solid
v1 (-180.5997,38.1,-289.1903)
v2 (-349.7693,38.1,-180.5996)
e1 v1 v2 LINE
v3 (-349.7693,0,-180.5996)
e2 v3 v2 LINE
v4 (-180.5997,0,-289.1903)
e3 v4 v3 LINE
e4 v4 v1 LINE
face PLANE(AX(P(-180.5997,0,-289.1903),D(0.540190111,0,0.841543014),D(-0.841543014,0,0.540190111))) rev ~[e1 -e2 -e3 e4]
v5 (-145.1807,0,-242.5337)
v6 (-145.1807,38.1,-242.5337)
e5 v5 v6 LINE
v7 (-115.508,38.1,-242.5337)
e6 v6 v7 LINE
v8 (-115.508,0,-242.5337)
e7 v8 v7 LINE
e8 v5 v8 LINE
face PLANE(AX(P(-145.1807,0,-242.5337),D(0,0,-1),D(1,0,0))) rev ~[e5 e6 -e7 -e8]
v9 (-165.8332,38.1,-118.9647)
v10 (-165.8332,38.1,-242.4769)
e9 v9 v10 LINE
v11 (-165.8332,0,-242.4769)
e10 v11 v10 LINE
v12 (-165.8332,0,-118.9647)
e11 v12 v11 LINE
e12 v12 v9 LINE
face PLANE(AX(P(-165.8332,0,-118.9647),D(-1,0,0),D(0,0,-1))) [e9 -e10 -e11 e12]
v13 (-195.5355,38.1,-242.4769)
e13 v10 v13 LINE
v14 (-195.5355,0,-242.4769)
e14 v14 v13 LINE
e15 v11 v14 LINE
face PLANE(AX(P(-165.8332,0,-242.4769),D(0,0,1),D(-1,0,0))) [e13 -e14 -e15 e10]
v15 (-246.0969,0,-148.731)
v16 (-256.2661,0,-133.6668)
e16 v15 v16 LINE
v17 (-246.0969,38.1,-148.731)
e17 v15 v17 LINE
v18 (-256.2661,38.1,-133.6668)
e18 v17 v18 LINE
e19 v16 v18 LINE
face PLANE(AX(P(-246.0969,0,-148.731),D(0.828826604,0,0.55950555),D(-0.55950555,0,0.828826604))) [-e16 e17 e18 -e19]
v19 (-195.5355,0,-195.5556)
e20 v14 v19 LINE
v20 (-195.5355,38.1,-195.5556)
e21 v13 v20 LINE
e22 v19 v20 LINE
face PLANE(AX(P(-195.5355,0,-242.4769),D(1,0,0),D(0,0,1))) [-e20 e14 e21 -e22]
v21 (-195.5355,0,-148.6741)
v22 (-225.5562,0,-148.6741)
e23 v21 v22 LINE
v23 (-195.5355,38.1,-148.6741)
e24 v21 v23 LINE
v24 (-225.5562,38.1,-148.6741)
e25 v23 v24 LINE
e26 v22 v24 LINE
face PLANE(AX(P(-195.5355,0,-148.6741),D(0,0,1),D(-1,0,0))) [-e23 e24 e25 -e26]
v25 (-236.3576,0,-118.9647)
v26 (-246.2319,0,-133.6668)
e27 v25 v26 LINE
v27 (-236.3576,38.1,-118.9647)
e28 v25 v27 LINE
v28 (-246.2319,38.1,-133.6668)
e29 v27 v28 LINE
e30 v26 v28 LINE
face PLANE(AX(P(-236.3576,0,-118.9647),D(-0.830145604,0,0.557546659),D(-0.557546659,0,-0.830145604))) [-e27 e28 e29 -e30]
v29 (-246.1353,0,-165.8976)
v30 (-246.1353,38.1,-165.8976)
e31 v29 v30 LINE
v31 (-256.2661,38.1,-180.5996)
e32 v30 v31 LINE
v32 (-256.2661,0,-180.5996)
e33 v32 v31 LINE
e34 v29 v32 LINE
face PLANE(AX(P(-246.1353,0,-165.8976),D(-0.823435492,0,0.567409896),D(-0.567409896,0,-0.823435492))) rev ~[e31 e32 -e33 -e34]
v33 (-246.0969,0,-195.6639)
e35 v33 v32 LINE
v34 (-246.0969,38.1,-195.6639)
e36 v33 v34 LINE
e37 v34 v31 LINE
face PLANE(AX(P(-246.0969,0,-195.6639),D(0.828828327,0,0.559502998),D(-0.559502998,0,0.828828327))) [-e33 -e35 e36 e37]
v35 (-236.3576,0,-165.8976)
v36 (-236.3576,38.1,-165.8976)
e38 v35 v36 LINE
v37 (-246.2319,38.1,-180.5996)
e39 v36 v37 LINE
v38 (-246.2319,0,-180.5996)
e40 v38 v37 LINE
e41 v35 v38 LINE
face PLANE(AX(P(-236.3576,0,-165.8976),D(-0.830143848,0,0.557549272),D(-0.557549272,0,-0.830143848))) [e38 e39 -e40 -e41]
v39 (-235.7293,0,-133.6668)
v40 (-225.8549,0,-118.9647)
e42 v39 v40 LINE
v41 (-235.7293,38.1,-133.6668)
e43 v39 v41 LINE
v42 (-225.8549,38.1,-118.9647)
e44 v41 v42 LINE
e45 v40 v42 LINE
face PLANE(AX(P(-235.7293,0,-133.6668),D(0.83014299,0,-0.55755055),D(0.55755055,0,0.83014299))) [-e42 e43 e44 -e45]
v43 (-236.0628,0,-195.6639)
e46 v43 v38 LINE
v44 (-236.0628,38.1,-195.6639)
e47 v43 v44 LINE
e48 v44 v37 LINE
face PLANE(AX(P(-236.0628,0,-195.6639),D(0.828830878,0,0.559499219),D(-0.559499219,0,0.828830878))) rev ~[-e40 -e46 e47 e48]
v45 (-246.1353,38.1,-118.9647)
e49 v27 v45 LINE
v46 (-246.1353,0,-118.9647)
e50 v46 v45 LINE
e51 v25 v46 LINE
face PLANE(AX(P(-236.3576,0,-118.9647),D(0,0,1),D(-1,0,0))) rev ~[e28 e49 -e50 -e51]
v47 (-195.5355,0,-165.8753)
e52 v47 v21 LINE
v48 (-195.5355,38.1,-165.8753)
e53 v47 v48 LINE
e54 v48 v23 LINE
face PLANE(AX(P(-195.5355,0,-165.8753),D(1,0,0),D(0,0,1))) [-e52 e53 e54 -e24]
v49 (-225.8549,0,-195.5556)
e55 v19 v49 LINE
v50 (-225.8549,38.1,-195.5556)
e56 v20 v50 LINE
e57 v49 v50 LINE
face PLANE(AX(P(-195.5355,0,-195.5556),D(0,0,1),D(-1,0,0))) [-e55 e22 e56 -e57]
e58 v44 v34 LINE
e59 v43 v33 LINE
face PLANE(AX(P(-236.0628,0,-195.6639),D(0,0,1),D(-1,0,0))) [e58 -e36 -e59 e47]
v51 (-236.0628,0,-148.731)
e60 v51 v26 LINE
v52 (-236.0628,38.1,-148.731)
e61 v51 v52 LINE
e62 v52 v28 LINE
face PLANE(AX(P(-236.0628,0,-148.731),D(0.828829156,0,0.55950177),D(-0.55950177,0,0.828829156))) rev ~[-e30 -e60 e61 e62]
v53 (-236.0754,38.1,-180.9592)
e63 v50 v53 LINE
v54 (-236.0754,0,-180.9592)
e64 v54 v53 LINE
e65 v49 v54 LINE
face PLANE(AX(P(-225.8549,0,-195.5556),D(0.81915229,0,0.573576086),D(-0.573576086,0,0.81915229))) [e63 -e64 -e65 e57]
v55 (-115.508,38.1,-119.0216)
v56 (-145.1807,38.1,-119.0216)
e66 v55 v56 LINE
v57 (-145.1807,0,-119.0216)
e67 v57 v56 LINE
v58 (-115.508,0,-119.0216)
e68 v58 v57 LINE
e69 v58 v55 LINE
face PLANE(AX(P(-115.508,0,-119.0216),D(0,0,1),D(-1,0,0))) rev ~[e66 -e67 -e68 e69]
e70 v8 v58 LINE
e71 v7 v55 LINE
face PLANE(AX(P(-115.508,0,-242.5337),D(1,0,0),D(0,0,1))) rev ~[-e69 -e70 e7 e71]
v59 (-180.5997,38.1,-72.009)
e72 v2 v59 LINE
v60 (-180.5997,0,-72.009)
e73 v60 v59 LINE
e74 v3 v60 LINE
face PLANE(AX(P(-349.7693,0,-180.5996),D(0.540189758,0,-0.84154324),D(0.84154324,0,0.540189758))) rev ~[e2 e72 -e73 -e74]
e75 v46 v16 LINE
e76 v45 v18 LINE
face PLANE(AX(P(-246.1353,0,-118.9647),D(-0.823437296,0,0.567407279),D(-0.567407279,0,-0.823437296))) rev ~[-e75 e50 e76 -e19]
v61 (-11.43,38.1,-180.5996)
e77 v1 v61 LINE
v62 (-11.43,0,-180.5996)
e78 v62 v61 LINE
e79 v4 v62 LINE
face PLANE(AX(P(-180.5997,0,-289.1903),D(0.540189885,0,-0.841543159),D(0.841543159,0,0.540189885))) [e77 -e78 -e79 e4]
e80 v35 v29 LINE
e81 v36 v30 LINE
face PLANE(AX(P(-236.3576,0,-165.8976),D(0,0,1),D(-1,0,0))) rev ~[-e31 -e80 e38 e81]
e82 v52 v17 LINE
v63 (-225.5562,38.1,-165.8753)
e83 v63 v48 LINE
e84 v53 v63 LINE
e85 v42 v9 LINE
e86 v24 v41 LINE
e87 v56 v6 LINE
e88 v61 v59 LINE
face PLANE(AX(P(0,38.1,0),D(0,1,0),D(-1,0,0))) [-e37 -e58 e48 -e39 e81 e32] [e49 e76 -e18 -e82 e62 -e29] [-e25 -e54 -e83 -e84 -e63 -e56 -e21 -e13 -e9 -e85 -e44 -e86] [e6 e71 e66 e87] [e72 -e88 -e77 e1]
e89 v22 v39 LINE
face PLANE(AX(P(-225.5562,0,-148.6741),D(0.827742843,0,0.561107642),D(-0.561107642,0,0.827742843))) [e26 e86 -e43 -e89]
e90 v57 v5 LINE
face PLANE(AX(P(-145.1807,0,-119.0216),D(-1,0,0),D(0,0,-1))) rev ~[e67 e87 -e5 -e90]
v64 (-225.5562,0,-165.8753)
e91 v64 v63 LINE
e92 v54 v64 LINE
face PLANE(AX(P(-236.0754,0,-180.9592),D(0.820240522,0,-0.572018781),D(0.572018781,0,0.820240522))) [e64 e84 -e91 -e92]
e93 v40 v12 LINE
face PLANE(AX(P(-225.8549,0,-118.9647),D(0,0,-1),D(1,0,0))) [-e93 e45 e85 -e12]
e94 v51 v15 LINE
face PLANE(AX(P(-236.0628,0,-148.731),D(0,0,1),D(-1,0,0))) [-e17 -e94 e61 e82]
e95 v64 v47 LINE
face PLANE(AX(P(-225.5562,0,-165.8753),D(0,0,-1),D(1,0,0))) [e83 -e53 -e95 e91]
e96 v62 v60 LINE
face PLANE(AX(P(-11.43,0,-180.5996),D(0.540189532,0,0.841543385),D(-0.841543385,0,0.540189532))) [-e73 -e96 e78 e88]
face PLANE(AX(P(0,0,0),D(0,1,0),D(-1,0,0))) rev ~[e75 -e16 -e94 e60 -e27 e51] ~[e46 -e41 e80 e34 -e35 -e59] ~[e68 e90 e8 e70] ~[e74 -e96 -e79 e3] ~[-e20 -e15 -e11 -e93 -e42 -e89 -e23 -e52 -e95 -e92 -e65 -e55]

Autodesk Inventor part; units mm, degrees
ref_plane "YZ Plane" through (0, 0, 0) normal (1, 0, 0) x (0, 1, 0)
ref_plane "XZ Plane" through (0, 0, 0) normal (0, 1, 0) x (-1, 0, 0)
ref_plane "XY Plane" through (0, 0, 0) normal (0, 0, 1) x (1, 0, 0)
sketch "Sketch1" plane through (0, 0, 0) normal (0, 1, 0) x (-1, 0, 0)
  line L0 (0, 0) -> (361.1993, 0) construction
  line L1 (361.1993, 0) -> (361.1993, -361.1993) construction
  line L2 (361.1993, -361.1993) -> (0, -361.1993) construction
  line L3 (0, -361.1993) -> (0, 0) construction
sketch "Sketch2" plane through (0, 0, 0) normal (0, 1, 0) x (-1, 0, 0)
  line L0 (0, -180.5996) -> (11.43, -180.5996)
  line L1 (11.43, -180.5996) -> (180.5997, -72.009)
  line L2 (180.5997, -289.1903) -> (11.43, -180.5996)
  line L3 (361.1993, -180.5996) -> (349.7693, -180.5996)
  line L4 (349.7693, -180.5996) -> (180.5997, -72.009)
  line L5 (180.5997, -289.1903) -> (349.7693, -180.5996)
  line L6 (115.508, -119.0216) -> (145.1807, -119.0216)
  line L7 (145.1807, -119.0216) -> (145.1807, -242.5337)
  line L8 (145.1807, -242.5337) -> (115.508, -242.5337)
  line L9 (115.508, -242.5337) -> (115.508, -119.0216)
  line L10 (165.8332, -118.9647) -> (165.8332, -242.4769)
  line L11 (165.8332, -242.4769) -> (195.5355, -242.4769)
  line L12 (195.5355, -242.4769) -> (195.5355, -195.5556)
  line L13 (195.5355, -195.5556) -> (225.8549, -195.5556)
  line L14 (225.8549, -195.5556) -> (236.0754, -180.9592)
  line L15 (236.0754, -180.9592) -> (225.5562, -165.8753)
  line L16 (225.5562, -165.8753) -> (195.5355, -165.8753)
  line L17 (195.5355, -165.8753) -> (195.5355, -148.6741)
  line L18 (195.5355, -148.6741) -> (225.5562, -148.6741)
  line L19 (225.5562, -148.6741) -> (235.7293, -133.6668)
  line L20 (235.7293, -133.6668) -> (225.8549, -118.9647)
  line L21 (225.8549, -118.9647) -> (165.8332, -118.9647)
  line L22 (236.3576, -118.9647) -> (246.1353, -118.9647)
  line L23 (246.1353, -118.9647) -> (256.2661, -133.6668)
  line L24 (236.0628, -148.731) -> (246.0969, -148.731)
  line L25 (246.0969, -148.731) -> (256.2661, -133.6668)
  line L26 (236.3576, -118.9647) -> (246.2319, -133.6668)
  line L27 (236.0628, -148.731) -> (246.2319, -133.6668)
  line L28 (236.3576, -165.8976) -> (246.1353, -165.8976)
  line L29 (246.1353, -165.8976) -> (256.2661, -180.5996)
  line L30 (236.0628, -195.6639) -> (246.0969, -195.6639)
  line L31 (246.0969, -195.6639) -> (256.2661, -180.5996)
  line L32 (236.3576, -165.8976) -> (246.2319, -180.5996)
  line L33 (236.0628, -195.6639) -> (246.2319, -180.5996)
  point P0 (0, 0)
  dimension "d1" = 11.43
  dimension "d3" = 11.43
  dimension "d4" = 125
  dimension "d5" = 90
extrude "Extrusion1" add sketch "Sketch2" along normal blind 38.1
properties part number "TeamIF"
